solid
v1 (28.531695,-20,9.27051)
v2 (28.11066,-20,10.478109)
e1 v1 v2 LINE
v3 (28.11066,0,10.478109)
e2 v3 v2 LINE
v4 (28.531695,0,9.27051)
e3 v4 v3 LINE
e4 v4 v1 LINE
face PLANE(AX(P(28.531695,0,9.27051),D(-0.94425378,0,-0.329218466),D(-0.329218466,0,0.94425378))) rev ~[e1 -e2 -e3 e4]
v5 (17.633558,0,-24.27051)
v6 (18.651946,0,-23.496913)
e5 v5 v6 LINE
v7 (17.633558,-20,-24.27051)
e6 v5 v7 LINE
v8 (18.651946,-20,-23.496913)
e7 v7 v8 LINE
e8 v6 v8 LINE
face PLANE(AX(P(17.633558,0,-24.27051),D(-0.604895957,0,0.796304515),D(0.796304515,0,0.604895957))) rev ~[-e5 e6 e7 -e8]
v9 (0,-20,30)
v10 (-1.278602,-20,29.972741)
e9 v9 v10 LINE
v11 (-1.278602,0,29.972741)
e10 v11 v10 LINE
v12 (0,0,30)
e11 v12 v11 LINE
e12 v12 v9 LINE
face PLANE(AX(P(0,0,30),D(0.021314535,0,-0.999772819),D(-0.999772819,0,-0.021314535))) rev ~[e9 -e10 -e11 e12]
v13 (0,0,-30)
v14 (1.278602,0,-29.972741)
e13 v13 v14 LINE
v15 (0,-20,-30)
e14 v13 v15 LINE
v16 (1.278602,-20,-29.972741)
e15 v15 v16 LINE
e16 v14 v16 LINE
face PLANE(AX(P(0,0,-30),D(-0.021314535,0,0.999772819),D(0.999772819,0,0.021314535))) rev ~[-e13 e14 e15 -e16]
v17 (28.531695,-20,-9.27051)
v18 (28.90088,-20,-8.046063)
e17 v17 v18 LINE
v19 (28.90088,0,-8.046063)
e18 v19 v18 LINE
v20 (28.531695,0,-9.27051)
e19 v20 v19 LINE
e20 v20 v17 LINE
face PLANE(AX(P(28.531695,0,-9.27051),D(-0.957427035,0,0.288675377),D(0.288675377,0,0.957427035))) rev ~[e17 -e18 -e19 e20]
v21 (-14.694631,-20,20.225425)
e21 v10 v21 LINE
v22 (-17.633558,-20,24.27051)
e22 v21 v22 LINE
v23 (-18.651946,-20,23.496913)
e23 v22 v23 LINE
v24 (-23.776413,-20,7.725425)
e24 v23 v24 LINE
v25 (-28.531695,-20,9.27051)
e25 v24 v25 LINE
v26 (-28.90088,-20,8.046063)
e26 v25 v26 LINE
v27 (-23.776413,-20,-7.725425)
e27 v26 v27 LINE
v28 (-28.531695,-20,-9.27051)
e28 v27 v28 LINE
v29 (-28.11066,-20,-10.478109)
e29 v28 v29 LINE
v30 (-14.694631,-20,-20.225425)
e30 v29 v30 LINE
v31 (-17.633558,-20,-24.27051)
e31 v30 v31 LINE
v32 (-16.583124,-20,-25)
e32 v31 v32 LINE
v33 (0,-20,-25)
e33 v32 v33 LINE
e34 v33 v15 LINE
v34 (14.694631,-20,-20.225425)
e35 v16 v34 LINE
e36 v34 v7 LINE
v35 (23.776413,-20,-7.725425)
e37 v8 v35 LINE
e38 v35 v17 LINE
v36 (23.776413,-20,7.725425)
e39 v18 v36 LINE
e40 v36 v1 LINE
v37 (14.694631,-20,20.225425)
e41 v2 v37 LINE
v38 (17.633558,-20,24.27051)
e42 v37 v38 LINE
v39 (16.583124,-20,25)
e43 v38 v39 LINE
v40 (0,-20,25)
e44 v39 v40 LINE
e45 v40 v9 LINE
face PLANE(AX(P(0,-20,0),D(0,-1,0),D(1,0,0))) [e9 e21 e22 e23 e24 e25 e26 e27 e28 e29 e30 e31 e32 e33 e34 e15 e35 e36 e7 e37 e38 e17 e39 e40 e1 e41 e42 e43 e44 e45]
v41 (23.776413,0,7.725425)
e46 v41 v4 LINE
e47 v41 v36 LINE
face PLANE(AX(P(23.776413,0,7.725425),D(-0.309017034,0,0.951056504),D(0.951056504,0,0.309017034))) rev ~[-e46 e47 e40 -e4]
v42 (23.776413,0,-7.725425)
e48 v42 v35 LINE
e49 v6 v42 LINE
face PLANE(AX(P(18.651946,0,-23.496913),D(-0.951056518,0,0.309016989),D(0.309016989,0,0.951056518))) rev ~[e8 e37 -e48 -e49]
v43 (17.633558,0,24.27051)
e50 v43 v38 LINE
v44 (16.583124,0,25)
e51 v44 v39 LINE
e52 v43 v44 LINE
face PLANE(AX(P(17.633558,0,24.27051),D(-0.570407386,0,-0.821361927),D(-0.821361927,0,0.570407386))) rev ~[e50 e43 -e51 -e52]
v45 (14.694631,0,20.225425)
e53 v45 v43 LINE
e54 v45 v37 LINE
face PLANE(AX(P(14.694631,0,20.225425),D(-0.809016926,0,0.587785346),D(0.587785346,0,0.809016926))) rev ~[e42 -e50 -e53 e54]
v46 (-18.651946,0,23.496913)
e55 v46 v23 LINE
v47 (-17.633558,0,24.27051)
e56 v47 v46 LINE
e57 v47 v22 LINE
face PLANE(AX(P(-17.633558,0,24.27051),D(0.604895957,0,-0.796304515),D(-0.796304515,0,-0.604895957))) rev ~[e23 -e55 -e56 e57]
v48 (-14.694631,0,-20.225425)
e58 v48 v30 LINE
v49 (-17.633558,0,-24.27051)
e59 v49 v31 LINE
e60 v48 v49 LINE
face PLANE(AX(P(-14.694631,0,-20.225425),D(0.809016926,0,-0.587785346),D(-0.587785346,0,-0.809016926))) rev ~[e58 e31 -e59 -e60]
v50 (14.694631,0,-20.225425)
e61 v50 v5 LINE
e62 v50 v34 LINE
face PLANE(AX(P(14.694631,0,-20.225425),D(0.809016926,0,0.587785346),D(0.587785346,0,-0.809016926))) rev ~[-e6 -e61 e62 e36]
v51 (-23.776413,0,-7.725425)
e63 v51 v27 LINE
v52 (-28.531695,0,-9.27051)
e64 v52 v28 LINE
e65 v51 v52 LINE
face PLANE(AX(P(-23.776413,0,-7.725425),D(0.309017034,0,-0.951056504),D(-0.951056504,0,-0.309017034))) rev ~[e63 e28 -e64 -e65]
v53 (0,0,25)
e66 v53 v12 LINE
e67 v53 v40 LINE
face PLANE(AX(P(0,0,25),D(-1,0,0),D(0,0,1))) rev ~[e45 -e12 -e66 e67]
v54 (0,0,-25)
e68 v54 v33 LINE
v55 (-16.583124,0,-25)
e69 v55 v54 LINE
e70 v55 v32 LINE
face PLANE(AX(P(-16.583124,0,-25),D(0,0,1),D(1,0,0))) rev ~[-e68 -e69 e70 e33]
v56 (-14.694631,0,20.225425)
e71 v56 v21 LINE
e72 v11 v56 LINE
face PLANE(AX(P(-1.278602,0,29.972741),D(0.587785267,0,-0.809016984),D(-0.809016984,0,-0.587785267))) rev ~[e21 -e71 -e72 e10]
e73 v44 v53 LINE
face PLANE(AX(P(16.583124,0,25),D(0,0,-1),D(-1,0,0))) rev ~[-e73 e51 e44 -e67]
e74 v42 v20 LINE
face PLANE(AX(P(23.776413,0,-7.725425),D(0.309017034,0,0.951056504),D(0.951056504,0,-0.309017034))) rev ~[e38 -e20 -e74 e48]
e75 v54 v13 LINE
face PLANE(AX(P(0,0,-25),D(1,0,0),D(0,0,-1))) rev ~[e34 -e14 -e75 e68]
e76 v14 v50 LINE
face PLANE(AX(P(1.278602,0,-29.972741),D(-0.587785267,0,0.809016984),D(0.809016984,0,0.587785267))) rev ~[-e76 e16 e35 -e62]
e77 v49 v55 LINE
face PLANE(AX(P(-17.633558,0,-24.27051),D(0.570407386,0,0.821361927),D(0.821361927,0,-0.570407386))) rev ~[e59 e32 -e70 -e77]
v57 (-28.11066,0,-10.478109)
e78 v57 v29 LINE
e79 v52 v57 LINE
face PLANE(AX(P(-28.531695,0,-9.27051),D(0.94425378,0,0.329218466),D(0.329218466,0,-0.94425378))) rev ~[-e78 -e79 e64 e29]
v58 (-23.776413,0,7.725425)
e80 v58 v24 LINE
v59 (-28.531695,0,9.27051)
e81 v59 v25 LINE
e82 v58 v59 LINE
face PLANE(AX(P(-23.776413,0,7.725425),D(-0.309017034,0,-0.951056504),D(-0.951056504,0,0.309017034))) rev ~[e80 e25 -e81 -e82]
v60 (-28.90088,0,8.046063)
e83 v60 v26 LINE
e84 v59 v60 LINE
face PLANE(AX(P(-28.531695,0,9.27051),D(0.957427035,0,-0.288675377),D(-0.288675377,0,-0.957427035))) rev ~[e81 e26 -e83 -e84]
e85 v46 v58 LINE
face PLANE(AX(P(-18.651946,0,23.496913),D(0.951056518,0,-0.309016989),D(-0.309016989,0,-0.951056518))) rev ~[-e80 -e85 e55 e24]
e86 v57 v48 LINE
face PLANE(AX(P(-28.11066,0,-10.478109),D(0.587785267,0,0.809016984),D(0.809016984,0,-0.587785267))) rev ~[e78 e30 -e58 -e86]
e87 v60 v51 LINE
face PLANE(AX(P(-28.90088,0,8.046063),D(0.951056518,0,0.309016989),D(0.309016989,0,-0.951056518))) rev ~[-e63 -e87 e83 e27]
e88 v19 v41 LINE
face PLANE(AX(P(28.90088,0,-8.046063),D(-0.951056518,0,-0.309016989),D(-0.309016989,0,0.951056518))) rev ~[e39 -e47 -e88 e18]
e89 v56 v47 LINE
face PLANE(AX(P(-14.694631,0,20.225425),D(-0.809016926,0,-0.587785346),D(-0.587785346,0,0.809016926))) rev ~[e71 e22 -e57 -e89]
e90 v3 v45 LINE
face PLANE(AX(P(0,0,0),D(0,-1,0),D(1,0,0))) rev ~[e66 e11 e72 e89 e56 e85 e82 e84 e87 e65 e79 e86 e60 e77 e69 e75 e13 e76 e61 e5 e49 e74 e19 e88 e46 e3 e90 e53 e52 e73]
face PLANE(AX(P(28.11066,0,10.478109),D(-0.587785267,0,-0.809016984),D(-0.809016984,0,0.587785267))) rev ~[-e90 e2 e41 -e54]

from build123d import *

# Parameters (mm, degrees)
F1_DEPTH = 20


with BuildPart() as f1:
    # F0 (on Front) → F1 (new body)
    with BuildSketch(Plane.XZ):
        Polygon((23.776413, 7.725425), (28.531695, 9.27051), (28.11066, 10.478109), (14.694631, 20.225425), (17.633558, 24.27051), (16.583124, 25), (0, 25), (0, 30), (-1.278602, 29.972741), (-14.694631, 20.225425), (-17.633558, 24.27051), (-18.651946, 23.496913), (-23.776413, 7.725425), (-28.531695, 9.27051), (-28.90088, 8.046063), (-23.776413, -7.725425), (-28.531695, -9.27051), (-28.11066, -10.478109), (-14.694631, -20.225425), (-17.633558, -24.27051), (-16.583124, -25), (0, -25), (0, -30), (1.278602, -29.972741), (14.694631, -20.225425), (17.633558, -24.27051), (18.651946, -23.496913), (23.776413, -7.725425), (28.531695, -9.27051), (28.90088, -8.046063), align=None)
    extrude(amount=F1_DEPTH)


solid = f1.part
